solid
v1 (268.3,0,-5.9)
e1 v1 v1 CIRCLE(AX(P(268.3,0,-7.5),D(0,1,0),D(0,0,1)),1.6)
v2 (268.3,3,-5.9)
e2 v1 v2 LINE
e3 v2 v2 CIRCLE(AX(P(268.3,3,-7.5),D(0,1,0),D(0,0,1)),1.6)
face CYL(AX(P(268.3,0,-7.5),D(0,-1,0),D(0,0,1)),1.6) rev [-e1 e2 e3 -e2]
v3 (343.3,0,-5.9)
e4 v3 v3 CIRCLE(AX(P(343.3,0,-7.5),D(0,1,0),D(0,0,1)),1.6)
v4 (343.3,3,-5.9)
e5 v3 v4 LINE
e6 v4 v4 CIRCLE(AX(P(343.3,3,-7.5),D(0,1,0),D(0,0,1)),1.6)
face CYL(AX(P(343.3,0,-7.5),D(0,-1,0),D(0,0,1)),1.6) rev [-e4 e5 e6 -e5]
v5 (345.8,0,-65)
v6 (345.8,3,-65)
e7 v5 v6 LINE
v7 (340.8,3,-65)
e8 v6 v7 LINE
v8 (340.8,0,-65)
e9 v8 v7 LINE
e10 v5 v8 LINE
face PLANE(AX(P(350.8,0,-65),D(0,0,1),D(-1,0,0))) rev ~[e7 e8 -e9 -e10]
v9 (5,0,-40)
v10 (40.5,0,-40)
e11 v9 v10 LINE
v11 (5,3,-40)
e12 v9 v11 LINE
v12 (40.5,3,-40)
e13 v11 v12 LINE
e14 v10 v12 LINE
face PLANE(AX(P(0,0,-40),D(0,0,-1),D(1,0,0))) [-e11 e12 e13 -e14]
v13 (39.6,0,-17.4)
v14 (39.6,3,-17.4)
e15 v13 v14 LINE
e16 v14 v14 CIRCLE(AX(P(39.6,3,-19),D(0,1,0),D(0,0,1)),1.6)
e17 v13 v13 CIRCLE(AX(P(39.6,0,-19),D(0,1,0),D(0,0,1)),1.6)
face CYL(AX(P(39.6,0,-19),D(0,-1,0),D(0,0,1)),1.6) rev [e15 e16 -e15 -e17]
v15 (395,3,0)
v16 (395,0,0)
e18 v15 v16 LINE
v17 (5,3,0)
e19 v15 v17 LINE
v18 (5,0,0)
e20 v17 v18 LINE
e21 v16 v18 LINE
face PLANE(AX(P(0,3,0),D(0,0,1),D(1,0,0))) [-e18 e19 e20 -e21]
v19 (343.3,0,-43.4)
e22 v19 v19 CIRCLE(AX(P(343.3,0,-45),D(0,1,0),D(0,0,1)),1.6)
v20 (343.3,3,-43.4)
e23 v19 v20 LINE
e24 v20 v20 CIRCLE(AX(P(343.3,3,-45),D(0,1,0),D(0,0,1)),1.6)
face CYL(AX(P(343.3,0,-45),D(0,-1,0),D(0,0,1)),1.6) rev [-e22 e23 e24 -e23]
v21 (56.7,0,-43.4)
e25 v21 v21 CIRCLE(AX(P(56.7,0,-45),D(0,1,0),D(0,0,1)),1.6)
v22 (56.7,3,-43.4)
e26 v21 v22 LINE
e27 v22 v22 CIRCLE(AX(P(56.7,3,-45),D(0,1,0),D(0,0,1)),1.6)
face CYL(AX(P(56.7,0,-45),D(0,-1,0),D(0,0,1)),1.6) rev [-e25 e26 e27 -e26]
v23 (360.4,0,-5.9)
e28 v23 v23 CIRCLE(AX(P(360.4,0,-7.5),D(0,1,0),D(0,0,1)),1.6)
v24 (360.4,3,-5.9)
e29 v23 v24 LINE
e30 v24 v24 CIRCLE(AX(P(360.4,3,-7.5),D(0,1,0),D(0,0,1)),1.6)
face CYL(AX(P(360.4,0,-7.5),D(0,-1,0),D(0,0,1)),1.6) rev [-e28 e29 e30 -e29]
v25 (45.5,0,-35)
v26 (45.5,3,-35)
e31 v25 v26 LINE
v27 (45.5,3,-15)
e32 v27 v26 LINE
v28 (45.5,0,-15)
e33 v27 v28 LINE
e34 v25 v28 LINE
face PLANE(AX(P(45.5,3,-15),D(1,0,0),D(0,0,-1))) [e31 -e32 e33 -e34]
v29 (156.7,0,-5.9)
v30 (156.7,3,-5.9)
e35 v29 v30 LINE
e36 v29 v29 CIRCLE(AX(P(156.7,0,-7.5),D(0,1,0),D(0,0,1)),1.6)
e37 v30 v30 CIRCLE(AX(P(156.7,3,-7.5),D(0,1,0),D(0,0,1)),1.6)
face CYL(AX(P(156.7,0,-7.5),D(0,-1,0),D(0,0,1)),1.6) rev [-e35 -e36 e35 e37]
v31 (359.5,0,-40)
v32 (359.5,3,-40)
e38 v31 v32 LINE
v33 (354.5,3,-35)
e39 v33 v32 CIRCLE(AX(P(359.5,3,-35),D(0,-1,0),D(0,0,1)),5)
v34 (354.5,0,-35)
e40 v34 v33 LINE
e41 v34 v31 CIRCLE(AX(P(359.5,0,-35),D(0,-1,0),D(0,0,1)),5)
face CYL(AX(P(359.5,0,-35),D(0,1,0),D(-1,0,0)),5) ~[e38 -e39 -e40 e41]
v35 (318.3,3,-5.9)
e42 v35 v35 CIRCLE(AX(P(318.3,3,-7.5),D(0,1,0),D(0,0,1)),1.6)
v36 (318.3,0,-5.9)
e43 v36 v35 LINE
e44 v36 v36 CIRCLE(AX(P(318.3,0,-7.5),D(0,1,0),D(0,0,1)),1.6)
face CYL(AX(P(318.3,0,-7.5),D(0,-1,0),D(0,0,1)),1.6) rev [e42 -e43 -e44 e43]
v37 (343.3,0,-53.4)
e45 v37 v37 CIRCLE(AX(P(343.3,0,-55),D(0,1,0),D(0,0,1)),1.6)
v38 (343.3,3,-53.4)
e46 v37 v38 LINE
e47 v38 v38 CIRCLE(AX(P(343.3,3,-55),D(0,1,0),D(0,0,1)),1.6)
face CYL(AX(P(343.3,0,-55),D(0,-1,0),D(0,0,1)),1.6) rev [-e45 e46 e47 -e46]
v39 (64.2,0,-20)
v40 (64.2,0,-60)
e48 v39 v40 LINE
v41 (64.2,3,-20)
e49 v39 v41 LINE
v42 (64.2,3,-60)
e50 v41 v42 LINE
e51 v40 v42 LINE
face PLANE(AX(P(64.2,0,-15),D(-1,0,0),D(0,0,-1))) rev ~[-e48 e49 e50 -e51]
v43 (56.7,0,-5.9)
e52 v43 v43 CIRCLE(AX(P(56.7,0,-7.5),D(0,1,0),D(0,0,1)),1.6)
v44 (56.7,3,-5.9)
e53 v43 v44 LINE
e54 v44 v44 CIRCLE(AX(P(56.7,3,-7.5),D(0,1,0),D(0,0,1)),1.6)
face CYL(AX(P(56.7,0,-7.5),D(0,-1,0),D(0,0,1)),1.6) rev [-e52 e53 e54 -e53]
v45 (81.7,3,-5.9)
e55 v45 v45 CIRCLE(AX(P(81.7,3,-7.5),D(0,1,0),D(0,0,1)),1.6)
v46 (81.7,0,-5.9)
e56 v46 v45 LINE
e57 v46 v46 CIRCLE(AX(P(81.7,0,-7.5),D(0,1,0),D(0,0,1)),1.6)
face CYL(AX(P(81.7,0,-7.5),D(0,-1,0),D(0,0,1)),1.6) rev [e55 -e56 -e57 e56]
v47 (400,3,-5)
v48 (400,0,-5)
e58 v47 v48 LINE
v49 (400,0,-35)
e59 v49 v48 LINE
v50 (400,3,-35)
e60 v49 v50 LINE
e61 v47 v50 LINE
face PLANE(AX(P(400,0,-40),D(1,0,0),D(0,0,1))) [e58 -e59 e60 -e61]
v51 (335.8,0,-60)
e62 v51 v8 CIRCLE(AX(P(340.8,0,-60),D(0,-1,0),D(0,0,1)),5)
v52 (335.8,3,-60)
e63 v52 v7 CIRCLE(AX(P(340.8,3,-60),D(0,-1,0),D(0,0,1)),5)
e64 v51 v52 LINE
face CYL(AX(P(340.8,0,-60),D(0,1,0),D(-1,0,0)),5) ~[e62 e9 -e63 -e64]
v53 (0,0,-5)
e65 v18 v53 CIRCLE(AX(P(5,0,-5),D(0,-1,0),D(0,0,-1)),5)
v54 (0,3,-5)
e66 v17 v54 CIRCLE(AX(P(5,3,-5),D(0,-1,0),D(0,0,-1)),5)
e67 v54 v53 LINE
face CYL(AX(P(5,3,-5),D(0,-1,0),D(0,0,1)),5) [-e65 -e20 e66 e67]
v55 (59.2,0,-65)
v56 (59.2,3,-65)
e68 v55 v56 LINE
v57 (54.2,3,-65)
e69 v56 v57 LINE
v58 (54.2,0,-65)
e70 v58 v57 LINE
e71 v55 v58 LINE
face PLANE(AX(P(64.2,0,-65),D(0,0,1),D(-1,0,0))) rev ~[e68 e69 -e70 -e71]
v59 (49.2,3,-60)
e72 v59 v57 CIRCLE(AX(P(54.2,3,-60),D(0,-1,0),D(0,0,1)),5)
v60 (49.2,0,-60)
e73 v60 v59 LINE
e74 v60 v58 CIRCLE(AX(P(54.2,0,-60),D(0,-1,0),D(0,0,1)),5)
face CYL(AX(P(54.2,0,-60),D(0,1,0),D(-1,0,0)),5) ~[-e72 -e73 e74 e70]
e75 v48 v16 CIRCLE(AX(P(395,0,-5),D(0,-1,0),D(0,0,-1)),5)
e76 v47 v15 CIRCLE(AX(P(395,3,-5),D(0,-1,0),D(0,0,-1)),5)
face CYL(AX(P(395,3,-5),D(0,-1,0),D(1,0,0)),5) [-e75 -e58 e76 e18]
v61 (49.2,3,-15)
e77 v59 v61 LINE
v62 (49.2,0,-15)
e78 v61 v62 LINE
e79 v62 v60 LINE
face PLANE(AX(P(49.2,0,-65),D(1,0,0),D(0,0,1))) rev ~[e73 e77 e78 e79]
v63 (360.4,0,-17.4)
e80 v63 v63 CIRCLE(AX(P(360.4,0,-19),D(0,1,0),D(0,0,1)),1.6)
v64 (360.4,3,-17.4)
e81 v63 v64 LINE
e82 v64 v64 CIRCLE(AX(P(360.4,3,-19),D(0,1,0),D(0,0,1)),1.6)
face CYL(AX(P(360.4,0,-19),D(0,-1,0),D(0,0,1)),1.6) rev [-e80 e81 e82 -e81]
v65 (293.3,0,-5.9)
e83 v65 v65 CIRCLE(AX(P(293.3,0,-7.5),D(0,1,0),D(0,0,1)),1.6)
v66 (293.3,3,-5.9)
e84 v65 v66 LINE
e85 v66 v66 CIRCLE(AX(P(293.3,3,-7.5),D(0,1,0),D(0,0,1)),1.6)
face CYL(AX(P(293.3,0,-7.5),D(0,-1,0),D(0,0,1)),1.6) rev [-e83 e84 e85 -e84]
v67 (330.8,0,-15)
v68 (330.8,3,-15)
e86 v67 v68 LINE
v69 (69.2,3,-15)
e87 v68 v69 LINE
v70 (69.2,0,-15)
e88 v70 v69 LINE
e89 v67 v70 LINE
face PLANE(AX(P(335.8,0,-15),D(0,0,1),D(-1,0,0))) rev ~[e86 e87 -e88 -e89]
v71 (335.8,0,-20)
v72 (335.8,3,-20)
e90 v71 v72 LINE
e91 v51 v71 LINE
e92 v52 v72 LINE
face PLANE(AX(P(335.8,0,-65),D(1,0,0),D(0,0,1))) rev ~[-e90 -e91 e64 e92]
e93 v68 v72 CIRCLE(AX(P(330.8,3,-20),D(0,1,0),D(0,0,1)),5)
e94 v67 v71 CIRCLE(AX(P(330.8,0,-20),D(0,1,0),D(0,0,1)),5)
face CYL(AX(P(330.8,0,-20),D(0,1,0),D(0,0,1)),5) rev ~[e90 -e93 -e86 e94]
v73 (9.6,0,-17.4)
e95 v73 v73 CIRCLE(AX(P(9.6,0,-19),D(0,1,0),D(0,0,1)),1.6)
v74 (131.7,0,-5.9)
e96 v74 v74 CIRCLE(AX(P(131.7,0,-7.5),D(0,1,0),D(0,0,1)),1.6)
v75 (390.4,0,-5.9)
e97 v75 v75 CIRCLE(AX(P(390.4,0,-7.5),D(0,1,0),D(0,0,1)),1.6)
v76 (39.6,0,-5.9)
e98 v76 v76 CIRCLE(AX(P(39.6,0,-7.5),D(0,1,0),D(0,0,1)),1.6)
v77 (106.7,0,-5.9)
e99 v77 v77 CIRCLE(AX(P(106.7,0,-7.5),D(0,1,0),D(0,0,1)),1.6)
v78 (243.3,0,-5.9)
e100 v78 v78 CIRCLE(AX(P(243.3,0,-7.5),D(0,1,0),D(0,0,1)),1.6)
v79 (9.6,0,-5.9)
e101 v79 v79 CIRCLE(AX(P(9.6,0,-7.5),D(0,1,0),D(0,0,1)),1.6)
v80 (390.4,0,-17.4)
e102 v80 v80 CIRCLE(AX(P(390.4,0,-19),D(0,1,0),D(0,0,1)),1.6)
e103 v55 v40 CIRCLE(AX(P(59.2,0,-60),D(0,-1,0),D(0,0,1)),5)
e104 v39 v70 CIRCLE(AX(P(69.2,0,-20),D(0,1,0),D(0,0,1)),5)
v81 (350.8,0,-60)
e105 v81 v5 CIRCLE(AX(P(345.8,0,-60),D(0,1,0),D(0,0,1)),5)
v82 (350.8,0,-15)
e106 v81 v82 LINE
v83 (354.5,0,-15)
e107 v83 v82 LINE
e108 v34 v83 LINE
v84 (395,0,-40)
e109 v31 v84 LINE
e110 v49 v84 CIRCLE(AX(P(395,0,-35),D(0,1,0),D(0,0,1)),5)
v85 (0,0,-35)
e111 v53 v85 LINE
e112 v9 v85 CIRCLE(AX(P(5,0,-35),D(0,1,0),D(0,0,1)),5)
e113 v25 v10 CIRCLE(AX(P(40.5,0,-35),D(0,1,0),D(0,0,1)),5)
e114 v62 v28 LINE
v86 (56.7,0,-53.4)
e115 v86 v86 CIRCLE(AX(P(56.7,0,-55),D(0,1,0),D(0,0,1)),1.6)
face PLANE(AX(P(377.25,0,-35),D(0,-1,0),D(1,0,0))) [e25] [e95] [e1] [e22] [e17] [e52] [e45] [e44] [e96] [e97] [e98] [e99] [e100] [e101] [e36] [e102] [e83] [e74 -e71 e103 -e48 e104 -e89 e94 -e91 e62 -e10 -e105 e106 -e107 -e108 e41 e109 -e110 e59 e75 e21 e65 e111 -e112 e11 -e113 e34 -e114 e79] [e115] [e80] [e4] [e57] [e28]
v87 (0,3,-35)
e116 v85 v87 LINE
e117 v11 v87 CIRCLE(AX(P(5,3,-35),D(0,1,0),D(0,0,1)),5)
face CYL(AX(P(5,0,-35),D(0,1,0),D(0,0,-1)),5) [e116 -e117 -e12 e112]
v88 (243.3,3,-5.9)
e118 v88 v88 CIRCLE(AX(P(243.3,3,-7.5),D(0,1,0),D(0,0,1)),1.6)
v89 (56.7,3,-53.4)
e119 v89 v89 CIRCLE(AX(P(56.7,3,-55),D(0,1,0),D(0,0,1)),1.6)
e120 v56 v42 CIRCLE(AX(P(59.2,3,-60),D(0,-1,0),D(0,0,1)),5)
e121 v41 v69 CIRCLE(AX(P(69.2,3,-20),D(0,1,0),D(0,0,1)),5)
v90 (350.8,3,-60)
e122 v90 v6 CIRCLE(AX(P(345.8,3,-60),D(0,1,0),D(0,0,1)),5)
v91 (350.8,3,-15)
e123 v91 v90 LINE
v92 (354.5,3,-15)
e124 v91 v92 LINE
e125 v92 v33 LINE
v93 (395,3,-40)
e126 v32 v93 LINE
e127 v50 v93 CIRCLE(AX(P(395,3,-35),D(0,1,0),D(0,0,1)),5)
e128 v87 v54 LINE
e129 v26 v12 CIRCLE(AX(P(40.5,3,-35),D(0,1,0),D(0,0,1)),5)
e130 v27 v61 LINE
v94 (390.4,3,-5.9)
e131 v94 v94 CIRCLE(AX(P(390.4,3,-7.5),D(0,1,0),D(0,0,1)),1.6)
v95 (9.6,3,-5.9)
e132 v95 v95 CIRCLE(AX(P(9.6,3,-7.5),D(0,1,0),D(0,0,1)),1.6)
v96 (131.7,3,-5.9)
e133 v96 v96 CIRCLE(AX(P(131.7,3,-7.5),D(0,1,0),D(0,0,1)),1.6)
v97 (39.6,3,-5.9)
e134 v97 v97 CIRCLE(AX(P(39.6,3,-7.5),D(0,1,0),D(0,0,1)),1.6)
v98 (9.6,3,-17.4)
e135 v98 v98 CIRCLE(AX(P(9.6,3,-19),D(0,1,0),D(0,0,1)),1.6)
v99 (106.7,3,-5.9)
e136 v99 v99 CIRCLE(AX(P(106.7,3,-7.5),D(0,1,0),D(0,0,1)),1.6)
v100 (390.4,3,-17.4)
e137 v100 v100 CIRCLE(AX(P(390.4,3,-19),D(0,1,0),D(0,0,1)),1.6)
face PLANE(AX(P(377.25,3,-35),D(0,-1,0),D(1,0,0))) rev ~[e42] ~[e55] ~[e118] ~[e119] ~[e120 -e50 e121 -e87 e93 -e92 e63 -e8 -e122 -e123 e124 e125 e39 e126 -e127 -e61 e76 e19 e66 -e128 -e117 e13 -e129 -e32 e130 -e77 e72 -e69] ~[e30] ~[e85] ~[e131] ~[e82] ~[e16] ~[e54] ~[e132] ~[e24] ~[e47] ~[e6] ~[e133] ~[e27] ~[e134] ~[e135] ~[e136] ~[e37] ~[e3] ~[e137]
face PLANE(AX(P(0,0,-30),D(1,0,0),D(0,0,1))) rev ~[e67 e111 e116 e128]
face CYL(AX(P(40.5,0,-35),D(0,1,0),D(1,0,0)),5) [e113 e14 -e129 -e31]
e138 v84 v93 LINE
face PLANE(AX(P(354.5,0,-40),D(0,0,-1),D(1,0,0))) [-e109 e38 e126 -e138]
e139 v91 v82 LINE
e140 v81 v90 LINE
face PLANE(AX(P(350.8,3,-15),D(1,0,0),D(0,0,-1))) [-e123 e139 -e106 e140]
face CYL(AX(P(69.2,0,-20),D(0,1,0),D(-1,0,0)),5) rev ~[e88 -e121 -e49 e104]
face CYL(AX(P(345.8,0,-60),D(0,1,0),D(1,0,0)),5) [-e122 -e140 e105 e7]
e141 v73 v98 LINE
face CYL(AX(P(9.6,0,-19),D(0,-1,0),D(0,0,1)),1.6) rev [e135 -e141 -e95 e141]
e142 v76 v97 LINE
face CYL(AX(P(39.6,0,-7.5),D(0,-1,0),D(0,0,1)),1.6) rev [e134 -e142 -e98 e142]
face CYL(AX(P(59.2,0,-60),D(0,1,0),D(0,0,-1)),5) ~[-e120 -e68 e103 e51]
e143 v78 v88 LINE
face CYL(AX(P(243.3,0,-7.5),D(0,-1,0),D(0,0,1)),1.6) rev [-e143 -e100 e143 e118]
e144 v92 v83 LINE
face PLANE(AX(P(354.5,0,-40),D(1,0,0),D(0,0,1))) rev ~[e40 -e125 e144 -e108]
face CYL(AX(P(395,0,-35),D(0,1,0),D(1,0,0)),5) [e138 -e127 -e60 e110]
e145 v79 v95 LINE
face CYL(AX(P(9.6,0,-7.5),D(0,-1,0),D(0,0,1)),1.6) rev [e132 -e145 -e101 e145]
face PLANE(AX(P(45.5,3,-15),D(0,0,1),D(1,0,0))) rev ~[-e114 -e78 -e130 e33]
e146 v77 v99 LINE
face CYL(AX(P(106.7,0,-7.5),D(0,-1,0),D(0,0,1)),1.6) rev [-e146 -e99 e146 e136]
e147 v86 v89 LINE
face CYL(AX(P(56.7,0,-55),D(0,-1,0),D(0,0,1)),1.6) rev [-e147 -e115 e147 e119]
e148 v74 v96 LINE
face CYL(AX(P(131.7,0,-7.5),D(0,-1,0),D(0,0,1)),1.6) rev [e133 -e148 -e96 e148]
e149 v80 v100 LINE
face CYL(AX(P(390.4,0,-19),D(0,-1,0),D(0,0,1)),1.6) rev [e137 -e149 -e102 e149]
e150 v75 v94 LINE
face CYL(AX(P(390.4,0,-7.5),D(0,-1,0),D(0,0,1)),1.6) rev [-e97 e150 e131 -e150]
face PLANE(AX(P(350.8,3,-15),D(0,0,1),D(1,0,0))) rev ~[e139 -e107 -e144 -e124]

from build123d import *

# Parameters (mm, degrees)
SKETCH1_R           = 1.6
BOSS_EXTRUDE1_DEPTH = 3
FILLET1_R           = 5
SKETCH2_W           = 400
SKETCH2_H           = 15
CUT_EXTRUDE1_DEPTH  = 406.25794255
FILLET2_R           = 5
SKETCH3_W           = 45.5
SKETCH3_H           = 10
BOSS_EXTRUDE2_DEPTH = 3
FILLET3_R           = 5
SKETCH4_W           = 3.7
SKETCH4_H           = 15
CUT_EXTRUDE2_DEPTH  = 406.25794255


with BuildPart() as part:
    # Sketch1 → Boss-Extrude1 (new body)
    with BuildSketch(Plane(origin=(0, 0, 0), x_dir=(1, 0, 0), z_dir=(0, 1, 0))):
        Polygon((0, -15), (49.2, -15), (49.2, 0), (350.8, 0), (350.8, -15), (400, -15), (400, 30), (350.8, 30), (350.8, 65), (335.8, 65), (335.8, 15), (64.2, 15), (64.2, 65), (49.2, 65), (49.2, 30), (0, 30), align=None)
        with Locations(Location((9.6, 7.5, 0), (0, 0, 270))):
            Circle(SKETCH1_R, mode=Mode.SUBTRACT)
        with Locations(Location((39.6, 7.5, 0), (0, 0, 270))):
            Circle(SKETCH1_R, mode=Mode.SUBTRACT)
        with Locations(Location((39.6, -4, 0), (0, 0, 270))):
            Circle(SKETCH1_R, mode=Mode.SUBTRACT)
        with Locations(Location((9.6, -4, 0), (0, 0, 270))):
            Circle(SKETCH1_R, mode=Mode.SUBTRACT)
        with Locations(Location((343.3, 7.5, 0), (0, 0, 270))):
            Circle(SKETCH1_R, mode=Mode.SUBTRACT)
        with Locations(Location((56.7, 7.5, 0), (0, 0, 270))):
            Circle(SKETCH1_R, mode=Mode.SUBTRACT)
        with Locations(Location((81.7, 7.5, 0), (0, 0, 270))):
            Circle(SKETCH1_R, mode=Mode.SUBTRACT)
        with Locations(Location((106.7, 7.5, 0), (0, 0, 270))):
            Circle(SKETCH1_R, mode=Mode.SUBTRACT)
        with Locations(Location((131.7, 7.5, 0), (0, 0, 270))):
            Circle(SKETCH1_R, mode=Mode.SUBTRACT)
        with Locations(Location((156.7, 7.5, 0), (0, 0, 270))):
            Circle(SKETCH1_R, mode=Mode.SUBTRACT)
        with Locations(Location((243.3, 7.5, 0), (0, 0, 270))):
            Circle(SKETCH1_R, mode=Mode.SUBTRACT)
        with Locations(Location((268.3, 7.5, 0), (0, 0, 270))):
            Circle(SKETCH1_R, mode=Mode.SUBTRACT)
        with Locations(Location((293.3, 7.5, 0), (0, 0, 270))):
            Circle(SKETCH1_R, mode=Mode.SUBTRACT)
        with Locations(Location((318.3, 7.5, 0), (0, 0, 270))):
            Circle(SKETCH1_R, mode=Mode.SUBTRACT)
        with Locations(Location((39.6, 19, 0), (0, 0, 270))):
            Circle(SKETCH1_R, mode=Mode.SUBTRACT)
        with Locations(Location((9.6, 19, 0), (0, 0, 270))):
            Circle(SKETCH1_R, mode=Mode.SUBTRACT)
        with Locations(Location((390.4, 7.5, 0), (0, 0, 270))):
            Circle(SKETCH1_R, mode=Mode.SUBTRACT)
        with Locations(Location((360.4, 7.5, 0), (0, 0, 270))):
            Circle(SKETCH1_R, mode=Mode.SUBTRACT)
        with Locations(Location((390.4, -4, 0), (0, 0, 270))):
            Circle(SKETCH1_R, mode=Mode.SUBTRACT)
        with Locations(Location((360.4, -4, 0), (0, 0, 270))):
            Circle(SKETCH1_R, mode=Mode.SUBTRACT)
        with Locations(Location((56.7, 45, 0), (0, 0, 270))):
            Circle(SKETCH1_R, mode=Mode.SUBTRACT)
        with Locations(Location((56.7, 55, 0), (0, 0, 270))):
            Circle(SKETCH1_R, mode=Mode.SUBTRACT)
        with Locations(Location((390.4, 19, 0), (0, 0, 270))):
            Circle(SKETCH1_R, mode=Mode.SUBTRACT)
        with Locations(Location((360.4, 19, 0), (0, 0, 270))):
            Circle(SKETCH1_R, mode=Mode.SUBTRACT)
        with Locations(Location((343.3, 45, 0), (0, 0, 270))):
            Circle(SKETCH1_R, mode=Mode.SUBTRACT)
        with Locations(Location((343.3, 55, 0), (0, 0, 270))):
            Circle(SKETCH1_R, mode=Mode.SUBTRACT)
    extrude(amount=BOSS_EXTRUDE1_DEPTH)

    # Fillet1
    fillet1_edges = [part.edges().sort_by_distance(p)[0] for p in [
        (400, 1.5, 15),
        (350.8, 1.5, 15),
        (49.2, 1.5, 15),
        (0, 1.5, 15),
        (49.2, 1.5, -65),
        (64.2, 1.5, -65),
        (64.2, 1.5, -15),
        (335.8, 1.5, -15),
        (335.8, 1.5, -65),
        (350.8, 1.5, -65),
    ]]
    fillet(fillet1_edges, radius=FILLET1_R)

    # Sketch2 → Cut-Extrude1 (cut, through all)
    with BuildSketch(Plane(origin=(0, 3, 0), x_dir=(1, 0, 0), z_dir=(0, 1, 0))):
        with Locations((200, -7.5)):
            Rectangle(SKETCH2_W, SKETCH2_H)
    extrude(amount=-CUT_EXTRUDE1_DEPTH, mode=Mode.SUBTRACT)

    # Fillet2
    fillet2_edges = [part.edges().sort_by_distance(p)[0] for p in [
        (0, 1.5, 0),
        (400, 1.5, 0),
    ]]
    fillet(fillet2_edges, radius=FILLET2_R)

    # Sketch3 → Boss-Extrude2 (add)
    with BuildSketch(Plane.XZ):
        with Locations((377.25, -35)):
            Rectangle(SKETCH3_W, SKETCH3_H)
        with Locations((22.75, -35)):
            Rectangle(SKETCH3_W, SKETCH3_H)
    extrude(amount=-BOSS_EXTRUDE2_DEPTH)

    # Fillet3
    fillet3_edges = [part.edges().sort_by_distance(p)[0] for p in [
        (400, 1.5, -40),
        (354.5, 1.5, -40),
        (0, 1.5, -40),
        (45.5, 1.5, -40),
    ]]
    fillet(fillet3_edges, radius=FILLET3_R)

    # Sketch4 → Cut-Extrude2 (cut, through all)
    with BuildSketch(Plane(origin=(0, 3, 0), x_dir=(1, 0, 0), z_dir=(0, 1, 0))):
        with Locations((352.65, 22.5)):
            Rectangle(SKETCH4_W, SKETCH4_H)
        with Locations((47.35, 22.5)):
            Rectangle(SKETCH4_W, SKETCH4_H)
    extrude(amount=-CUT_EXTRUDE2_DEPTH, mode=Mode.SUBTRACT)


solid = part.part
